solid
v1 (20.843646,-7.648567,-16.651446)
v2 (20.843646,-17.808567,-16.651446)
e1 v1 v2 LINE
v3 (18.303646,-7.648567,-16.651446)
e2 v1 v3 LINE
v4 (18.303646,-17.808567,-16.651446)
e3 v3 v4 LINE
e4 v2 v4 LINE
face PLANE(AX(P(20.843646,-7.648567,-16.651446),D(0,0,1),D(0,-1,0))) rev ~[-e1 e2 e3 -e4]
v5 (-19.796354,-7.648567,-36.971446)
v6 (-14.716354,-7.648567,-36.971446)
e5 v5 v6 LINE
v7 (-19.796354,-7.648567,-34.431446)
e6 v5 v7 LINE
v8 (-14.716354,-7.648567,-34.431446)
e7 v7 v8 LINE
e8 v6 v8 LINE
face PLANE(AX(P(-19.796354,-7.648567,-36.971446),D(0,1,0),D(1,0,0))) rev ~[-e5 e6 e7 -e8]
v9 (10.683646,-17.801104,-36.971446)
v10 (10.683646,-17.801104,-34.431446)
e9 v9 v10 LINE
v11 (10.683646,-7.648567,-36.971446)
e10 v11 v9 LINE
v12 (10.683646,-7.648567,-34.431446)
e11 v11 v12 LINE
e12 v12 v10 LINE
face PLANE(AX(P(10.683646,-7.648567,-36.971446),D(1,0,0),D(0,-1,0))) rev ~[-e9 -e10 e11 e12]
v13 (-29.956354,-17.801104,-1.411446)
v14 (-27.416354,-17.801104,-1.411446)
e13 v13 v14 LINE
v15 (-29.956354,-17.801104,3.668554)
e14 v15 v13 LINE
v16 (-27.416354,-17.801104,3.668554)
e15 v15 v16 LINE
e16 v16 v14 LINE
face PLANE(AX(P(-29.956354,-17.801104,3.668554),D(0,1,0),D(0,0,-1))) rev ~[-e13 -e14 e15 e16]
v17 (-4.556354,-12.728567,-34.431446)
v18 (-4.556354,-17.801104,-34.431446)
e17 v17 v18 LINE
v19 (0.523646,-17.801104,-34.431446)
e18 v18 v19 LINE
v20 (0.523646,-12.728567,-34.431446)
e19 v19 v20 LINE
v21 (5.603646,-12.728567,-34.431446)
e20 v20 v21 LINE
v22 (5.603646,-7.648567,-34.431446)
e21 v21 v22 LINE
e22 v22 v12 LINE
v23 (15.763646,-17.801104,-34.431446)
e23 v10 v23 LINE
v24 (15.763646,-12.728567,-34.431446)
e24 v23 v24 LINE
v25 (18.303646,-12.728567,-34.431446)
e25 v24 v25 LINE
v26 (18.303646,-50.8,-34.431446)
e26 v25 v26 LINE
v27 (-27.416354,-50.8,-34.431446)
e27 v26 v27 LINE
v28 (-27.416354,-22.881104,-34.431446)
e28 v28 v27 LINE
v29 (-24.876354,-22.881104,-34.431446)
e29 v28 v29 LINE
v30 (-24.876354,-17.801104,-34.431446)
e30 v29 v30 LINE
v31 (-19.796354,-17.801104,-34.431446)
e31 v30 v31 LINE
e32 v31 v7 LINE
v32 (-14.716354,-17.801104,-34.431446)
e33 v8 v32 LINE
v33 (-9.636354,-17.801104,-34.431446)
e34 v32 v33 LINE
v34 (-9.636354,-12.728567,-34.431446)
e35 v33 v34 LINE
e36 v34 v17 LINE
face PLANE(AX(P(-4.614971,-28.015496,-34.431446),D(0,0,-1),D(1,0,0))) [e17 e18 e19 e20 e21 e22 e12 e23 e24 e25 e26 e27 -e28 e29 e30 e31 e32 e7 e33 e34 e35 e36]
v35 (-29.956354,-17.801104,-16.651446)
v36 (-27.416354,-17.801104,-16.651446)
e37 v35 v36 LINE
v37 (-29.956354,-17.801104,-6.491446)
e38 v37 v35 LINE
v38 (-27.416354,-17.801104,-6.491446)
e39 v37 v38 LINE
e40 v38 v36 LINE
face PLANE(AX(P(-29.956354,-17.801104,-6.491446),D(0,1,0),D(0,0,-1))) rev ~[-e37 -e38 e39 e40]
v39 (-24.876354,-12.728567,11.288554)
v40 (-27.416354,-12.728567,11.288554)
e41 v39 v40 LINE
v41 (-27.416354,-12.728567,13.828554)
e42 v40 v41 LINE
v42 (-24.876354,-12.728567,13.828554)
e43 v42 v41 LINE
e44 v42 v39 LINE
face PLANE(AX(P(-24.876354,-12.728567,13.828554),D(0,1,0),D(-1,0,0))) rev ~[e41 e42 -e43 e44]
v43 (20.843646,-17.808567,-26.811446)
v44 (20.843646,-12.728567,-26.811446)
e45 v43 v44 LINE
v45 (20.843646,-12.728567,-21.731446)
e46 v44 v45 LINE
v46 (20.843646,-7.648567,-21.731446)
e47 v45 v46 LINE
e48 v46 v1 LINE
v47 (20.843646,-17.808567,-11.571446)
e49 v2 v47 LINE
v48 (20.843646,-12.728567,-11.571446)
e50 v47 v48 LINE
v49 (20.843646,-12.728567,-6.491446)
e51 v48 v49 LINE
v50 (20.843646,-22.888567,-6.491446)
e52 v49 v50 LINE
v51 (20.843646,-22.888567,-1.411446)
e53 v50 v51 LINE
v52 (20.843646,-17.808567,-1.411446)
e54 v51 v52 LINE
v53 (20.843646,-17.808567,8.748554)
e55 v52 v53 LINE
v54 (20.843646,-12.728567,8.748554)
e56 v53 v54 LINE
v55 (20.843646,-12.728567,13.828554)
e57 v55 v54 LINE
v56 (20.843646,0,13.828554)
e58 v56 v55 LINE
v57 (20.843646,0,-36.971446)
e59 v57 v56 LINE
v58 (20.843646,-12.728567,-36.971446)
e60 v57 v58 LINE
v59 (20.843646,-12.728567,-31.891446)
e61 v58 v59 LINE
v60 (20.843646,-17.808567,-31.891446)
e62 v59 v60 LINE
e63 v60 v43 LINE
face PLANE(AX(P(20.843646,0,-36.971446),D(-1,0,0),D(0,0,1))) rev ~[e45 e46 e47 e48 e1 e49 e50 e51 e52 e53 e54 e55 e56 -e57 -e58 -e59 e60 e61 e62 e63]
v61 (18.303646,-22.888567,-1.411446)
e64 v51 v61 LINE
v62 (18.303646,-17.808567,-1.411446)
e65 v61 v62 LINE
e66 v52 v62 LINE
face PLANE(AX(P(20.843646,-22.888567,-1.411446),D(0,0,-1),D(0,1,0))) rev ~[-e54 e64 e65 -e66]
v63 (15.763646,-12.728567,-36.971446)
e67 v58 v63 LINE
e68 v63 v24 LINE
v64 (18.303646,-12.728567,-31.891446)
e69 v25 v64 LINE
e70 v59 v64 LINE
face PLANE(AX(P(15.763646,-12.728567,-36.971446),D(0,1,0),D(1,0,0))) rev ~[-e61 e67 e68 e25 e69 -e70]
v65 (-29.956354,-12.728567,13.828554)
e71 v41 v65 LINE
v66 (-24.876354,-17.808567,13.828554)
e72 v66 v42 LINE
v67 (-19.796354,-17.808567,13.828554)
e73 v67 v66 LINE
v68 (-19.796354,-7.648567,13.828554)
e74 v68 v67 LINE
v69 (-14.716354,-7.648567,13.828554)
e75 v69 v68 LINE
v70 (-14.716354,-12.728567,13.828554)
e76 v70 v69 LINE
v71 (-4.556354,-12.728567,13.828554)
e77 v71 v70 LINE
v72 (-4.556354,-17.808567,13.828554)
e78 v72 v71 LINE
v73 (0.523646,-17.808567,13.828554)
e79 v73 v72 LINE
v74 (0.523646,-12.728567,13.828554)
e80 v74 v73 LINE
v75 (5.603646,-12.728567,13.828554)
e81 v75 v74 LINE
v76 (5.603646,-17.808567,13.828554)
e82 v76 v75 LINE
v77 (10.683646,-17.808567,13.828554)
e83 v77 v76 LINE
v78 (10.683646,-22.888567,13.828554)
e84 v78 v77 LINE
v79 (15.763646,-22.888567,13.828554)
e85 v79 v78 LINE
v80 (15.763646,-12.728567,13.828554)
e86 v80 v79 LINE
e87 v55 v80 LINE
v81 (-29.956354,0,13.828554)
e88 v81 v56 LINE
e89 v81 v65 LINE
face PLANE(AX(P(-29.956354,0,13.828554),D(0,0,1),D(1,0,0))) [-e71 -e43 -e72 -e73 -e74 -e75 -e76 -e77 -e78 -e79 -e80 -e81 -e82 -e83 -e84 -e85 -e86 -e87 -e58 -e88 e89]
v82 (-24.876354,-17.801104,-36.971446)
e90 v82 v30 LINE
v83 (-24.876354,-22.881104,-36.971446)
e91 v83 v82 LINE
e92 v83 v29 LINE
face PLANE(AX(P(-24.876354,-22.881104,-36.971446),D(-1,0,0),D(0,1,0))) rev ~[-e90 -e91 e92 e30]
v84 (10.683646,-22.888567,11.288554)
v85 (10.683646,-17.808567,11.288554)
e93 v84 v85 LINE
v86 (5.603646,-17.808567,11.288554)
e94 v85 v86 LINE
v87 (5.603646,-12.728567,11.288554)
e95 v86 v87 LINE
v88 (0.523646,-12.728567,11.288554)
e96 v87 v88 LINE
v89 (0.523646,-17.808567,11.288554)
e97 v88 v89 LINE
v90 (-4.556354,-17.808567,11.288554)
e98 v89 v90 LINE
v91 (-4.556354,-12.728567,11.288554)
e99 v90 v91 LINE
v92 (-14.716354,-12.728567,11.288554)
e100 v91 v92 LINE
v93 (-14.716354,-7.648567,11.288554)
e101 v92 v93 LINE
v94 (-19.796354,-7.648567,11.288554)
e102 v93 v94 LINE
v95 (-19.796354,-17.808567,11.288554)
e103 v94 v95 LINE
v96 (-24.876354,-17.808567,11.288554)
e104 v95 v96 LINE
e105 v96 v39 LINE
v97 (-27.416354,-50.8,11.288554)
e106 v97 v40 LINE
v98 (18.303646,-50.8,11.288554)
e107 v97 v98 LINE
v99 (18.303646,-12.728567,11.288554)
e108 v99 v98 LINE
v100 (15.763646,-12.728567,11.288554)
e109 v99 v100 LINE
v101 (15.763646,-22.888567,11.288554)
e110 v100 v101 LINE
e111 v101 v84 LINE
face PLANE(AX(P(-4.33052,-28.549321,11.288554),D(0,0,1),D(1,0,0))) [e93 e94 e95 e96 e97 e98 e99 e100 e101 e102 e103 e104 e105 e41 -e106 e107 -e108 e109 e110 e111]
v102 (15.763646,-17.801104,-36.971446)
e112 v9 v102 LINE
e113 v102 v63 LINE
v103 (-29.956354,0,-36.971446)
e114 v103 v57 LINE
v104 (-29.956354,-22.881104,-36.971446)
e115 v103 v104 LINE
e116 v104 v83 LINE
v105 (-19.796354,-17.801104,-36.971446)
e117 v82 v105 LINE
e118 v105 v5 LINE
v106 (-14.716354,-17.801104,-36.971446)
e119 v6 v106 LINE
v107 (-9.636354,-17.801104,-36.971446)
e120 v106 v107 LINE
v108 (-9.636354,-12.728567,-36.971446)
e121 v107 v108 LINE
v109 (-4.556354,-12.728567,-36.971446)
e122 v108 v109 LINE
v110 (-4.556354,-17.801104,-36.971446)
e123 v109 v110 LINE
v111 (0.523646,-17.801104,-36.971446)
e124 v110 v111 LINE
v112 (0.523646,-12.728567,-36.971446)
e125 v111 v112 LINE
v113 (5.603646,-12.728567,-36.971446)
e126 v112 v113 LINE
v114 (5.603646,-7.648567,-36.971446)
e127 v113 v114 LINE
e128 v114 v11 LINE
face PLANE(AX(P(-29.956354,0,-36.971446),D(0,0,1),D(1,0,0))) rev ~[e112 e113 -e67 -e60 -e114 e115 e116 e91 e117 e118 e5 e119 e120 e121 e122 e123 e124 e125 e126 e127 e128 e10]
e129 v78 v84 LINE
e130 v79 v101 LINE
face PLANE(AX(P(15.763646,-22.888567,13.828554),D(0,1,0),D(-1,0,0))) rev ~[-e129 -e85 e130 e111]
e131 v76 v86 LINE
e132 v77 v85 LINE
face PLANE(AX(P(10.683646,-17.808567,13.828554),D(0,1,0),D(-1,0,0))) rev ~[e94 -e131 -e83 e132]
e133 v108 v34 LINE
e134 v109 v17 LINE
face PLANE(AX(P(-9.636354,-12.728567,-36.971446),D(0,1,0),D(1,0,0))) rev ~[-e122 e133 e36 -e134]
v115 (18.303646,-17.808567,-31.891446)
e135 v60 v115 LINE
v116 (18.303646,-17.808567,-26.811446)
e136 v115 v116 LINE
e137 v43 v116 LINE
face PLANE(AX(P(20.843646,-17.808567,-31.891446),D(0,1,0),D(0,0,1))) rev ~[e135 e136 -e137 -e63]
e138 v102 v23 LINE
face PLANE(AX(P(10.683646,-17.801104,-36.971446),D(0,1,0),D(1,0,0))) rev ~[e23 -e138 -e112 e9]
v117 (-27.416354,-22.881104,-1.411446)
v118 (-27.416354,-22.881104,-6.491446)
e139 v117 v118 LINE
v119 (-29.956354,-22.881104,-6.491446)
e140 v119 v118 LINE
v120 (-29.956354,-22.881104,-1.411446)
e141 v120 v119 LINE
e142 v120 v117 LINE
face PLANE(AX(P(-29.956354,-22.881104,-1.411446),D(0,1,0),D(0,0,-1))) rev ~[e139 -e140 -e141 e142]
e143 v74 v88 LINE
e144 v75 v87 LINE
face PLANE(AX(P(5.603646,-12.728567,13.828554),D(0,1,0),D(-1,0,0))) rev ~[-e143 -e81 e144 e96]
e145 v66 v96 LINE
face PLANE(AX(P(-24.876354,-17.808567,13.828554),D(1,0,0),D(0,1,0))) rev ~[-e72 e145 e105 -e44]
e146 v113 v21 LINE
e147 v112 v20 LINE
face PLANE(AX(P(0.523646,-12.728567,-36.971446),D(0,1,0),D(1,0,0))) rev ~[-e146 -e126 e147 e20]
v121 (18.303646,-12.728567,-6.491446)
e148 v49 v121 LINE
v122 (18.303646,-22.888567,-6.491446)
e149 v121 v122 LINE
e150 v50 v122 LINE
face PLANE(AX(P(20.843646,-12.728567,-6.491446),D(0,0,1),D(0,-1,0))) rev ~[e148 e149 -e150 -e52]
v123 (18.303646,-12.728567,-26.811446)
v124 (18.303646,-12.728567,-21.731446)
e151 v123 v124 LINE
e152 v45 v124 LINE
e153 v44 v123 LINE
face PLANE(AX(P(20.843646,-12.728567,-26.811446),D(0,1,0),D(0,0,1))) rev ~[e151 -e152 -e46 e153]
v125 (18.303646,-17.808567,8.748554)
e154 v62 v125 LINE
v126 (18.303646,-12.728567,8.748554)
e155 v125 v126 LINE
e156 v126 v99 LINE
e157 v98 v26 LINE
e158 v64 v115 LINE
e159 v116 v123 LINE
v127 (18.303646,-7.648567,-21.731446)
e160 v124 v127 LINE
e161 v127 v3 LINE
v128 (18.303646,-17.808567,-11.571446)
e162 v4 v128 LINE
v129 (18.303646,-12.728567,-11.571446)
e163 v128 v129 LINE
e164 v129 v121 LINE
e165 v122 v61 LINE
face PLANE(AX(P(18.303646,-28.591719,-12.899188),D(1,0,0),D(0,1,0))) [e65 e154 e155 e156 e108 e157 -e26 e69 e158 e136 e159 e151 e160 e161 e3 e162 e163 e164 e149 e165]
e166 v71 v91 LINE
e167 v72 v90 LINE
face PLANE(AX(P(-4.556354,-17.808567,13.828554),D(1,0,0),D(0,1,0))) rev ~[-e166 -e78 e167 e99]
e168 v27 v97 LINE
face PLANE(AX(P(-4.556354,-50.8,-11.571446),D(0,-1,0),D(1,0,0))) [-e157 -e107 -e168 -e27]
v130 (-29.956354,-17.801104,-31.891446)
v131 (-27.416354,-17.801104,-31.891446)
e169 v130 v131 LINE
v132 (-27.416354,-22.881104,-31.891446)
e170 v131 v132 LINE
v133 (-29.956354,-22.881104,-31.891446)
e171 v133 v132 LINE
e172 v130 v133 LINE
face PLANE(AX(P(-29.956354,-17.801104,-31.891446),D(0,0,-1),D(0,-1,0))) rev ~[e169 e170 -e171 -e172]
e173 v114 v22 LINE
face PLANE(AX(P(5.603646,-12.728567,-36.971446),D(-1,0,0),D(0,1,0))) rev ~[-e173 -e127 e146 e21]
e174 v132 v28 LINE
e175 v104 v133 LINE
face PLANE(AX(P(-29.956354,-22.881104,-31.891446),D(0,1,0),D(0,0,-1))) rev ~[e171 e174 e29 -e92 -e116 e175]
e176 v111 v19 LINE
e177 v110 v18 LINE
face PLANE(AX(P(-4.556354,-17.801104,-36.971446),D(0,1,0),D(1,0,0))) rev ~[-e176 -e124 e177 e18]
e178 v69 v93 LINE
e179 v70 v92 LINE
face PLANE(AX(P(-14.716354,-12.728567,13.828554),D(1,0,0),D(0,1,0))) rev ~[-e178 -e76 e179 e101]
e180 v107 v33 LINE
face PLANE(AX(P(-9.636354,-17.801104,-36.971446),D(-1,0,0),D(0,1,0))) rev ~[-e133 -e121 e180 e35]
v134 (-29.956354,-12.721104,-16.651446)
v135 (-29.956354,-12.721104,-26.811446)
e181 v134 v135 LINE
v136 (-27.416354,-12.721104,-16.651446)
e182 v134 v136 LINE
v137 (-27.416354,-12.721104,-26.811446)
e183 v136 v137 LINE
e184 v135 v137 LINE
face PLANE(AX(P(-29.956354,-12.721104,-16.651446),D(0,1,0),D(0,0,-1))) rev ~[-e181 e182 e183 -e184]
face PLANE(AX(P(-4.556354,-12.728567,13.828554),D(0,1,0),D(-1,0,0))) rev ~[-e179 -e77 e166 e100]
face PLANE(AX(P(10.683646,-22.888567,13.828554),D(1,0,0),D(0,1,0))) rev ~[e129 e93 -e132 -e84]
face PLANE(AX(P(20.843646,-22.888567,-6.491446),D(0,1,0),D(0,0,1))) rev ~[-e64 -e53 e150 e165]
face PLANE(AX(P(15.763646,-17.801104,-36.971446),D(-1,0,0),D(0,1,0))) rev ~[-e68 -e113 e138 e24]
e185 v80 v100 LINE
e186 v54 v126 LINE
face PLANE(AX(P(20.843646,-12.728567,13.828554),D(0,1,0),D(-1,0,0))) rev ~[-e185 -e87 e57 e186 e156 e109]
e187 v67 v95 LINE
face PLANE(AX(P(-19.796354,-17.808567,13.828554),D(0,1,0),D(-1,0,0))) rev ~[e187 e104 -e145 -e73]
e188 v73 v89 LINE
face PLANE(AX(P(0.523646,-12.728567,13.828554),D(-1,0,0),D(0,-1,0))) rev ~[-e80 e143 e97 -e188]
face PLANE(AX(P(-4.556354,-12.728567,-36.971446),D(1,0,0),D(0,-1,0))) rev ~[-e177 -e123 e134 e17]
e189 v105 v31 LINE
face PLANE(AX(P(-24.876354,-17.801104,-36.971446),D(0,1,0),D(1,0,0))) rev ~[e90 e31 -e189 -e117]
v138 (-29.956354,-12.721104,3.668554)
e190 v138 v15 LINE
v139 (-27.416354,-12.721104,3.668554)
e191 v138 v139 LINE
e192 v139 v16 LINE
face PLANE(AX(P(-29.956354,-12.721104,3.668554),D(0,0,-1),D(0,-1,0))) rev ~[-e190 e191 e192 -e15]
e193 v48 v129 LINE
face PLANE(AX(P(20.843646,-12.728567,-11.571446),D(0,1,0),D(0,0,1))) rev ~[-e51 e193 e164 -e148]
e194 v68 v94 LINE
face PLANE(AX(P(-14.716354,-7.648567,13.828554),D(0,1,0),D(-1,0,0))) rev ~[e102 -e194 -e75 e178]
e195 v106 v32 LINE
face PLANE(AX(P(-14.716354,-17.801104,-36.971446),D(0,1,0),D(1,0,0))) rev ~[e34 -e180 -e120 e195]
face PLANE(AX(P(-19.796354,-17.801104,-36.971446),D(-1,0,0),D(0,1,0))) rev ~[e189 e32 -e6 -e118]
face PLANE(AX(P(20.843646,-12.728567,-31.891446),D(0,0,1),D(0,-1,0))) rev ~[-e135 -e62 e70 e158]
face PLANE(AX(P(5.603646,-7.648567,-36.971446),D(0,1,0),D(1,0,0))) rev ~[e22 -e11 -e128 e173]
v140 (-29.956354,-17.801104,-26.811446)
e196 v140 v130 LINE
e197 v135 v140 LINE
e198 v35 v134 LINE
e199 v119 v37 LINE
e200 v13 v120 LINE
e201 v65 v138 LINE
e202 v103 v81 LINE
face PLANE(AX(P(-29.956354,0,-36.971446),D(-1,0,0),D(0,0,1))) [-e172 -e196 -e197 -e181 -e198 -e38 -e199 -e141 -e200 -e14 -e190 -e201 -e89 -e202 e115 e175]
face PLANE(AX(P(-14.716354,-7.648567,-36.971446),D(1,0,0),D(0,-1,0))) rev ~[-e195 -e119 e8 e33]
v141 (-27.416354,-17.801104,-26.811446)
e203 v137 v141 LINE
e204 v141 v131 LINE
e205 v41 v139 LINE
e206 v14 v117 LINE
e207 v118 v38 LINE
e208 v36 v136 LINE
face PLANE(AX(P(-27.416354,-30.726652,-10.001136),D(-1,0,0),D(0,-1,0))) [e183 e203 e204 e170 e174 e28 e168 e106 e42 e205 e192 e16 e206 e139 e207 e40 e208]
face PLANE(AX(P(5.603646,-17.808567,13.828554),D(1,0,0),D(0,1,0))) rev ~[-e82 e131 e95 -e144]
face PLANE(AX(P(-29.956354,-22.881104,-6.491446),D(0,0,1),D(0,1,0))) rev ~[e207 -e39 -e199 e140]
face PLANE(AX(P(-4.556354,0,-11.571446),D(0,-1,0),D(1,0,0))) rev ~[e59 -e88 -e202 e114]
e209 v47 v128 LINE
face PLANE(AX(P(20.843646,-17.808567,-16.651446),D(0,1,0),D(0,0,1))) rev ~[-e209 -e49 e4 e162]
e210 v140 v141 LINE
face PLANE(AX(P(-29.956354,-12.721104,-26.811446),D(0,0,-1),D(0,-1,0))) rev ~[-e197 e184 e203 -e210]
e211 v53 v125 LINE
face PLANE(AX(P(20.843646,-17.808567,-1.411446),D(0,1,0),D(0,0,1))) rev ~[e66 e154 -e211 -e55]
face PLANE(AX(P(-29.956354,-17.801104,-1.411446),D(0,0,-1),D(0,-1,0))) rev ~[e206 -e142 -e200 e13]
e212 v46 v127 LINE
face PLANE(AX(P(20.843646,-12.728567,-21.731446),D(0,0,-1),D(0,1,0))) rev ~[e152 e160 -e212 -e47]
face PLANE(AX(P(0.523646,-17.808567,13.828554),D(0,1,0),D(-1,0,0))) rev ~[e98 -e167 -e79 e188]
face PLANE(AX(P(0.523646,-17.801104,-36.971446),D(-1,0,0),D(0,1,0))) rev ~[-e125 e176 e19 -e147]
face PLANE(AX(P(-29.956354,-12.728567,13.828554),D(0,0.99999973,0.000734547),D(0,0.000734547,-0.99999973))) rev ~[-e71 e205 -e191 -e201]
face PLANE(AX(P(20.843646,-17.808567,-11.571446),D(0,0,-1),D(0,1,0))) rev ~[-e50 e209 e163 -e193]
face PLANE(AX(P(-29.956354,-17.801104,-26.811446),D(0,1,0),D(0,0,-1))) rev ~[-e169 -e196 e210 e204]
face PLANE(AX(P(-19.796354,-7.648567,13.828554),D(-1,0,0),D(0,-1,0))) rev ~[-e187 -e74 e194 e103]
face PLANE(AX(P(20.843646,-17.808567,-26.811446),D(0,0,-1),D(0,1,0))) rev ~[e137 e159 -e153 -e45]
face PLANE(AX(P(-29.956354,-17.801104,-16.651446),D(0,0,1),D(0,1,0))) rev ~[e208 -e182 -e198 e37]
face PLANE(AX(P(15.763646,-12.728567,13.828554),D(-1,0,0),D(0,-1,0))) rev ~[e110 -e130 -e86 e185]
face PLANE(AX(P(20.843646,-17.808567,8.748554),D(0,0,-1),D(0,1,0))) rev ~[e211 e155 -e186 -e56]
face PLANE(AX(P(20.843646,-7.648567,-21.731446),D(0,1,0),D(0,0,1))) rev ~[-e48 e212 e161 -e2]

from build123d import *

# Parameters (mm, degrees)
F0_W     = 50.8
F0_H     = 50.8
F1_DEPTH = 50.8
F3_DEPTH = 2.54
F5_DEPTH = 2.54
F7_DEPTH = 2.54
F9_DEPTH = 2.54


with BuildPart() as f1:
    # F0 (on Front) → F1 (new body)
    with BuildSketch(Plane.XZ):
        with Locations((-4.556354, -11.571446)):
            Rectangle(F0_W, F0_H)
    extrude(amount=F1_DEPTH)

    # F2 (on face) → F3 (cut)
    with BuildSketch(Plane.XY.offset(13.828554)):
        Polygon((-24.876354, -12.728567), (-29.956354, -12.728567), (-29.956354, -50.8), (20.843646, -50.8), (20.843646, -12.728567), (15.763646, -12.728567), (15.763646, -22.888567), (10.683646, -22.888567), (10.683646, -17.808567), (5.603646, -17.808567), (5.603646, -12.728567), (0.523646, -12.728567), (0.523646, -17.808567), (-4.556354, -17.808567), (-4.556354, -12.728567), (-9.636354, -12.728567), (-14.716354, -12.728567), (-14.716354, -7.648567), (-19.796354, -7.648567), (-19.796354, -17.808567), (-24.876354, -17.808567), align=None)
    extrude(amount=-F3_DEPTH, mode=Mode.SUBTRACT)

    # F4 (on face) → F5 (cut)
    with BuildSketch(Plane.YZ.offset(20.843646)):
        Polygon((-12.728567, 8.748554), (-12.728567, 11.288554), (-50.8, 11.288554), (-50.8, -36.971446), (-12.728567, -36.971446), (-12.728567, -31.891446), (-17.808567, -31.891446), (-17.808567, -26.811446), (-12.728567, -26.811446), (-12.728567, -21.731446), (-7.648567, -21.731446), (-7.648567, -16.651446), (-12.728567, -16.651446), (-17.808567, -16.651446), (-17.808567, -11.571446), (-12.728567, -11.571446), (-12.728567, -6.491446), (-22.888567, -6.491446), (-22.888567, -1.411446), (-17.808567, -1.411446), (-17.808567, 3.668554), (-17.808567, 8.748554), align=None)
    extrude(amount=-F5_DEPTH, mode=Mode.SUBTRACT)

    # F6 (on face) → F7 (cut)
    with BuildSketch(Plane(origin=(0, 0, -36.971446), x_dir=(1, 0, 0), z_dir=(0, 0, -1))):
        Polygon((15.763646, 12.728567), (18.303646, 12.728567), (18.303646, 50.8), (-29.956354, 50.8), (-29.956354, 22.881104), (-24.876354, 22.881104), (-24.876354, 17.801104), (-19.796354, 17.801104), (-19.796354, 7.648567), (-14.716354, 7.648567), (-14.716354, 17.801104), (-9.636354, 17.801104), (-9.636354, 12.728567), (-4.556354, 12.728567), (-4.556354, 17.801104), (0.523646, 17.801104), (0.523646, 12.728567), (5.603646, 12.728567), (5.603646, 7.648567), (10.683646, 7.648567), (10.683646, 12.728567), (10.683646, 17.801104), (15.763646, 17.801104), align=None)
    extrude(amount=-F7_DEPTH, mode=Mode.SUBTRACT)

    # F8 (on face) → F9 (cut)
    with BuildSketch(Plane(origin=(-29.956354, 0, 0), x_dir=(0, -1, 0), z_dir=(-1, 0, 0))):
        Polygon((22.881104, -31.891446), (22.881104, -34.431446), (50.8, -34.431446), (50.8, 11.288554), (12.728567, 11.288554), (12.728567, 13.828554), (12.721104, 3.668554), (17.801104, 3.668554), (17.801104, -1.411446), (22.881104, -1.411446), (22.881104, -6.491446), (17.801104, -6.491446), (17.801104, -11.571446), (17.801104, -16.651446), (12.721104, -16.651446), (12.721104, -26.811446), (17.801104, -26.811446), (17.801104, -31.891446), align=None)
    extrude(amount=-F9_DEPTH, mode=Mode.SUBTRACT)


solid = f1.part
